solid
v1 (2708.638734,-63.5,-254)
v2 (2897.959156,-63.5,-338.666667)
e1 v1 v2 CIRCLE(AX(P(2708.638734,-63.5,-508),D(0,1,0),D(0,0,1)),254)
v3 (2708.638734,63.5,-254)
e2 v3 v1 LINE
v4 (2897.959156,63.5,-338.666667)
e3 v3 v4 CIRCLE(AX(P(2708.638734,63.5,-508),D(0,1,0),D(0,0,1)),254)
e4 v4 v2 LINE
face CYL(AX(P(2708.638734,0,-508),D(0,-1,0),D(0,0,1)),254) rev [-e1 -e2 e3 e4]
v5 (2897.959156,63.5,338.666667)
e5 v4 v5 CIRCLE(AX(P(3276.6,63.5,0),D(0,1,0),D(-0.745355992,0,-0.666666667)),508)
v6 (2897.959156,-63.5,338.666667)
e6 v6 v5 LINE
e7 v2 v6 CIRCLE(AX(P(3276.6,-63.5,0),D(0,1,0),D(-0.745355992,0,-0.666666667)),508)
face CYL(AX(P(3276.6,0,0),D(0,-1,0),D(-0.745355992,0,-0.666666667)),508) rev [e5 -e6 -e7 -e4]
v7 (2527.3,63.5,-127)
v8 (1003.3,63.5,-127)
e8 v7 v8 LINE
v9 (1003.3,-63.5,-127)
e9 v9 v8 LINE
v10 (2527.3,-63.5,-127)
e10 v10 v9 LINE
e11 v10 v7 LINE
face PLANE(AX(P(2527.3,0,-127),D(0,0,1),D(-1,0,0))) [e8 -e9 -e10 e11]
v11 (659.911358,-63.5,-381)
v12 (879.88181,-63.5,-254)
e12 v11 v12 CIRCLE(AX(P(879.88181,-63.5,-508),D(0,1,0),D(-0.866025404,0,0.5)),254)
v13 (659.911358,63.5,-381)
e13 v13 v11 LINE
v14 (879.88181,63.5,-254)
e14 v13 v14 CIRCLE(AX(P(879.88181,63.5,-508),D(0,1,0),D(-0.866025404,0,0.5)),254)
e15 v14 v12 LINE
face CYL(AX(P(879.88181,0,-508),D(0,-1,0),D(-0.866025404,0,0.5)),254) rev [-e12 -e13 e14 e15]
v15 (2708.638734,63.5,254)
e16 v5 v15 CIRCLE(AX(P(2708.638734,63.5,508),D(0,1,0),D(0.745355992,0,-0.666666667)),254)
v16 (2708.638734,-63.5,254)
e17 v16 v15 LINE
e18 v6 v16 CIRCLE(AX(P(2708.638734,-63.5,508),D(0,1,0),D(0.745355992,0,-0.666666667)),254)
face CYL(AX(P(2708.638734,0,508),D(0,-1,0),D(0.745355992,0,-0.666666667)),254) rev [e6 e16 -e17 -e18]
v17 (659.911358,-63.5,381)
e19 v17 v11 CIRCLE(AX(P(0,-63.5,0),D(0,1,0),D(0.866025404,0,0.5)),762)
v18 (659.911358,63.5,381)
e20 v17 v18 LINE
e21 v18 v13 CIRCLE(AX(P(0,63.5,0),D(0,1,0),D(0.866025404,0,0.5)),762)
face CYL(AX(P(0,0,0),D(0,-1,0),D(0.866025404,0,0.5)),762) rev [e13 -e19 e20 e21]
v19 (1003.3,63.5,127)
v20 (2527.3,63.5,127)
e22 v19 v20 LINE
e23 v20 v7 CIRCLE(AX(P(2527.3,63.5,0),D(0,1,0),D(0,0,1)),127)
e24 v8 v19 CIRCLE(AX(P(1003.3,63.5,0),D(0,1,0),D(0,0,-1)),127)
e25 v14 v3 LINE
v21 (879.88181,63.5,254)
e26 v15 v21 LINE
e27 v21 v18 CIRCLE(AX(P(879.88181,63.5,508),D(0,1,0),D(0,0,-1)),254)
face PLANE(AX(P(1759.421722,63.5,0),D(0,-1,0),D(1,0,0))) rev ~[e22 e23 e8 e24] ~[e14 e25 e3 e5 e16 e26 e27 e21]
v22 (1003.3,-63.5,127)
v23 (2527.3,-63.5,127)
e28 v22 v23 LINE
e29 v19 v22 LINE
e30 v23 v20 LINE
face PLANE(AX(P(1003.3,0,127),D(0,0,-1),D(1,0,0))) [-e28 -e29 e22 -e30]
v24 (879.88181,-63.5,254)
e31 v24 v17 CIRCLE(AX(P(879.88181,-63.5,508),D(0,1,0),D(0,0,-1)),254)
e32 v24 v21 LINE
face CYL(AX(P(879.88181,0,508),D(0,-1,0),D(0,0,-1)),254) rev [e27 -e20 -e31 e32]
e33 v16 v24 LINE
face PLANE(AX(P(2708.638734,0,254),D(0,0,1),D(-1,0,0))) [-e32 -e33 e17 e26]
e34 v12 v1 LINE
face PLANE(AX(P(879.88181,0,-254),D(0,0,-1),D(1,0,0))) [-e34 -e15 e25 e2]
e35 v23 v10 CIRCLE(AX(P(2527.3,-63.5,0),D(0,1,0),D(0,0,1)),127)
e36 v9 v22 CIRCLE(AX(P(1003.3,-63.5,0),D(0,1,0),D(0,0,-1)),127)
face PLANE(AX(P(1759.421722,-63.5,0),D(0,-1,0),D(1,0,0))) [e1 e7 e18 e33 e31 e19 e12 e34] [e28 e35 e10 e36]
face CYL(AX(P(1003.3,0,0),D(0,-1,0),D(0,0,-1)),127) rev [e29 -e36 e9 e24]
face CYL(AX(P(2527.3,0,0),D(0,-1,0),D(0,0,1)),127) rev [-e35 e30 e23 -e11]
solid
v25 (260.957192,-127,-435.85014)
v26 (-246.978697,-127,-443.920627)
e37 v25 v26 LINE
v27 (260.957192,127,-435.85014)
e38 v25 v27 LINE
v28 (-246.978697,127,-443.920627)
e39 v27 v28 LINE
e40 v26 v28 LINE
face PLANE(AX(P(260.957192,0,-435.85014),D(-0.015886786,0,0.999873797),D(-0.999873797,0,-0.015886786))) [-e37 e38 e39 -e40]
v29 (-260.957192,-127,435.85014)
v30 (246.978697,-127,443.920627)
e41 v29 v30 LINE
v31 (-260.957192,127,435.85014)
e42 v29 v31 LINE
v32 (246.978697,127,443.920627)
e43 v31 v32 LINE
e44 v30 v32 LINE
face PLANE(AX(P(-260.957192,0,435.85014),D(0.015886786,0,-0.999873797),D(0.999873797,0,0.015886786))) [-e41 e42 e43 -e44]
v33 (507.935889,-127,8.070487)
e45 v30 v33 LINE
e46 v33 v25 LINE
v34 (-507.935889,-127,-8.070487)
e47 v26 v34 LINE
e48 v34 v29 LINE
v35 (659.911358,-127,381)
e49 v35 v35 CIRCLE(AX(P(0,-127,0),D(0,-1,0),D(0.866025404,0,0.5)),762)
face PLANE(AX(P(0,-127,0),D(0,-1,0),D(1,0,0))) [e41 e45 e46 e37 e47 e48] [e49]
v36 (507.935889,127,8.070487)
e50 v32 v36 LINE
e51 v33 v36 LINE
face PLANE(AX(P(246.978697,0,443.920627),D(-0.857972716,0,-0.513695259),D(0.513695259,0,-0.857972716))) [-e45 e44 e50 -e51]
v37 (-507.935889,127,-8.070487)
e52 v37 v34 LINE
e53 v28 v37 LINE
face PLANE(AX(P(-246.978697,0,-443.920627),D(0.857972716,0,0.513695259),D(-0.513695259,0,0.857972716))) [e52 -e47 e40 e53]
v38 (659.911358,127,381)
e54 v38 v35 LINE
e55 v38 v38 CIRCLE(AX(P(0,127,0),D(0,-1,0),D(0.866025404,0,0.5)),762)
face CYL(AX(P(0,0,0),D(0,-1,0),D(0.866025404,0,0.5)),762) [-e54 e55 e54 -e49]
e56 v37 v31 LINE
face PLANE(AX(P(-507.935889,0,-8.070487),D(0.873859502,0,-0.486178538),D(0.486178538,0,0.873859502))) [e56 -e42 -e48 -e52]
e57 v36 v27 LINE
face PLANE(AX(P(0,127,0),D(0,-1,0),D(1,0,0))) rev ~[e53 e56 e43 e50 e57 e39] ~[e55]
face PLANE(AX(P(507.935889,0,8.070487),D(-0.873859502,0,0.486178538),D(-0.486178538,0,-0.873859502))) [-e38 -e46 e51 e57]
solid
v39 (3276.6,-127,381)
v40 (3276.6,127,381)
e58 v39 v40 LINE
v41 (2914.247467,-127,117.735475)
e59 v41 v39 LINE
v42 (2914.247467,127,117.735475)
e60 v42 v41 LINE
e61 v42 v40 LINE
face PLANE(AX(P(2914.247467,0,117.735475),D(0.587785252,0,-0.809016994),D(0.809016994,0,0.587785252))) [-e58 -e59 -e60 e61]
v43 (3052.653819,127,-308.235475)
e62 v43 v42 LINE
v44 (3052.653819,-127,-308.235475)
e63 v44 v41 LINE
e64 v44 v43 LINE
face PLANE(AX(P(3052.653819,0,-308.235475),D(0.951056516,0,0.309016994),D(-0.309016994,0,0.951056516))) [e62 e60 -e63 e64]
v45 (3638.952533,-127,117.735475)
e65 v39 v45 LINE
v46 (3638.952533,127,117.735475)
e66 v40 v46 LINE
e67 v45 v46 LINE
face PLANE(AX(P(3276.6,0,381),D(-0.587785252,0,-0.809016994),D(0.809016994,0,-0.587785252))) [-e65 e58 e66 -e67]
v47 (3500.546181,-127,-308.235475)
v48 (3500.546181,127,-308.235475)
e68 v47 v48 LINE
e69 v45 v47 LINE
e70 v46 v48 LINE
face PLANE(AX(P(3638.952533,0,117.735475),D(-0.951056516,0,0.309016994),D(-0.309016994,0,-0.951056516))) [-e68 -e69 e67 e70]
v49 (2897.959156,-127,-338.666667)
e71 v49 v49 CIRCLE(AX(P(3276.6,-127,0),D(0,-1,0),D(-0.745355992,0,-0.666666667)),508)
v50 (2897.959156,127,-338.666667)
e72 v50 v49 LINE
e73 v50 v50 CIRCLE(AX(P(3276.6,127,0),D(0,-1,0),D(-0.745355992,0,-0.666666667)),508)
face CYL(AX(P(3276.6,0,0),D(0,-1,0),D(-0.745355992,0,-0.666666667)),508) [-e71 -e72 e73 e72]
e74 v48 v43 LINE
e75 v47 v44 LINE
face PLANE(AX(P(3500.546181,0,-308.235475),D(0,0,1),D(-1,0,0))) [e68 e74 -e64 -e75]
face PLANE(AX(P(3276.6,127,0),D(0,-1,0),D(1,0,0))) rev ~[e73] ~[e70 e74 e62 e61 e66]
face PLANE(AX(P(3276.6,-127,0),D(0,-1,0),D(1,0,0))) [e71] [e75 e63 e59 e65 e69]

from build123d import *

# Parameters (mm, degrees)
F1_DEPTH = 127
F2_DEPTH = 63.5


with BuildPart() as f1:
    # F0 (on Front) → F1 (new body, symmetric)
    with BuildSketch(Plane.XZ):
        with BuildLine():
            ThreePointArc((659.9113576837, -381), (736.0354796323, -197.2201123681), (762, 0))
            ThreePointArc((762, 0), (736.0354796323, 197.2201123681), (659.9113576837, 381))
            ThreePointArc((659.9113576837, 381), (-762, 0), (659.9113576837, -381))
        make_face()
        Polygon((-507.9358889001, -8.0704874241), (-260.9571915803, 435.8501395693), (246.9786973198, 443.9206269934), (507.9358889001, 8.0704874241), (260.9571915803, -435.8501395693), (-246.9786973198, -443.9206269934), align=None, mode=Mode.SUBTRACT)
    extrude(amount=F1_DEPTH, both=True)


with BuildPart() as f1b:
    # F0 (on Front) → F1, piece 2 (new body, symmetric)
    with BuildSketch(Plane.XZ):
        with BuildLine():
            ThreePointArc((3784.6, 0), (3457.8656216047, 474.5595583531), (2897.95915581, 338.6666666667))
            ThreePointArc((2897.95915581, 338.6666666667), (2768.6, 0), (2897.95915581, -338.6666666667))
            ThreePointArc((2897.95915581, -338.6666666667), (3457.8656216047, -474.5595583531), (3784.6, 0))
        make_face()
        Polygon((2914.2474672915, 117.7354748569), (3276.6, 381), (3638.9525327085, 117.7354748569), (3500.5461811234, -308.2354748569), (3052.6538188766, -308.2354748569), align=None, mode=Mode.SUBTRACT)
    extrude(amount=F1_DEPTH, both=True)


with BuildPart() as f2:
    # F0 (on Front) → F2 (new body, symmetric)
    with BuildSketch(Plane.XZ):
        with BuildLine():
            ThreePointArc((659.9113576837, 381), (736.0354796323, 197.2201123681), (762, 0))
            ThreePointArc((762, 0), (736.0354796323, -197.2201123681), (659.9113576837, -381))
            ThreePointArc((659.9113576837, -381), (752.881810245, -288.0295474388), (879.881810245, -254))
            Line((879.881810245, -254), (1765.3, -254))
            Line((1765.3, -254), (2708.6387337151, -254))
            ThreePointArc((2708.6387337151, -254), (2812.3337994929, -276.1307839895), (2897.95915581, -338.6666666667))
            ThreePointArc((2897.95915581, -338.6666666667), (2768.6, 0), (2897.95915581, 338.6666666667))
            ThreePointArc((2897.95915581, 338.6666666667), (2812.3337994929, 276.1307839895), (2708.6387337151, 254))
            Line((2708.6387337151, 254), (1765.3, 254))
            Line((1765.3, 254), (879.881810245, 254))
            ThreePointArc((879.881810245, 254), (752.881810245, 288.0295474388), (659.9113576837, 381))
        make_face()
        with BuildLine():
            Line((1003.3, 127), (1765.3, 127))
            Line((1765.3, 127), (2527.3, 127))
            ThreePointArc((2527.3, 127), (2654.3, 0), (2527.3, -127))
            Line((2527.3, -127), (1003.3, -127))
            ThreePointArc((1003.3, -127), (876.3, 0), (1003.3, 127))
        make_face(mode=Mode.SUBTRACT)
    extrude(amount=F2_DEPTH, both=True)


solid = Compound([f1.part, f1b.part, f2.part])
